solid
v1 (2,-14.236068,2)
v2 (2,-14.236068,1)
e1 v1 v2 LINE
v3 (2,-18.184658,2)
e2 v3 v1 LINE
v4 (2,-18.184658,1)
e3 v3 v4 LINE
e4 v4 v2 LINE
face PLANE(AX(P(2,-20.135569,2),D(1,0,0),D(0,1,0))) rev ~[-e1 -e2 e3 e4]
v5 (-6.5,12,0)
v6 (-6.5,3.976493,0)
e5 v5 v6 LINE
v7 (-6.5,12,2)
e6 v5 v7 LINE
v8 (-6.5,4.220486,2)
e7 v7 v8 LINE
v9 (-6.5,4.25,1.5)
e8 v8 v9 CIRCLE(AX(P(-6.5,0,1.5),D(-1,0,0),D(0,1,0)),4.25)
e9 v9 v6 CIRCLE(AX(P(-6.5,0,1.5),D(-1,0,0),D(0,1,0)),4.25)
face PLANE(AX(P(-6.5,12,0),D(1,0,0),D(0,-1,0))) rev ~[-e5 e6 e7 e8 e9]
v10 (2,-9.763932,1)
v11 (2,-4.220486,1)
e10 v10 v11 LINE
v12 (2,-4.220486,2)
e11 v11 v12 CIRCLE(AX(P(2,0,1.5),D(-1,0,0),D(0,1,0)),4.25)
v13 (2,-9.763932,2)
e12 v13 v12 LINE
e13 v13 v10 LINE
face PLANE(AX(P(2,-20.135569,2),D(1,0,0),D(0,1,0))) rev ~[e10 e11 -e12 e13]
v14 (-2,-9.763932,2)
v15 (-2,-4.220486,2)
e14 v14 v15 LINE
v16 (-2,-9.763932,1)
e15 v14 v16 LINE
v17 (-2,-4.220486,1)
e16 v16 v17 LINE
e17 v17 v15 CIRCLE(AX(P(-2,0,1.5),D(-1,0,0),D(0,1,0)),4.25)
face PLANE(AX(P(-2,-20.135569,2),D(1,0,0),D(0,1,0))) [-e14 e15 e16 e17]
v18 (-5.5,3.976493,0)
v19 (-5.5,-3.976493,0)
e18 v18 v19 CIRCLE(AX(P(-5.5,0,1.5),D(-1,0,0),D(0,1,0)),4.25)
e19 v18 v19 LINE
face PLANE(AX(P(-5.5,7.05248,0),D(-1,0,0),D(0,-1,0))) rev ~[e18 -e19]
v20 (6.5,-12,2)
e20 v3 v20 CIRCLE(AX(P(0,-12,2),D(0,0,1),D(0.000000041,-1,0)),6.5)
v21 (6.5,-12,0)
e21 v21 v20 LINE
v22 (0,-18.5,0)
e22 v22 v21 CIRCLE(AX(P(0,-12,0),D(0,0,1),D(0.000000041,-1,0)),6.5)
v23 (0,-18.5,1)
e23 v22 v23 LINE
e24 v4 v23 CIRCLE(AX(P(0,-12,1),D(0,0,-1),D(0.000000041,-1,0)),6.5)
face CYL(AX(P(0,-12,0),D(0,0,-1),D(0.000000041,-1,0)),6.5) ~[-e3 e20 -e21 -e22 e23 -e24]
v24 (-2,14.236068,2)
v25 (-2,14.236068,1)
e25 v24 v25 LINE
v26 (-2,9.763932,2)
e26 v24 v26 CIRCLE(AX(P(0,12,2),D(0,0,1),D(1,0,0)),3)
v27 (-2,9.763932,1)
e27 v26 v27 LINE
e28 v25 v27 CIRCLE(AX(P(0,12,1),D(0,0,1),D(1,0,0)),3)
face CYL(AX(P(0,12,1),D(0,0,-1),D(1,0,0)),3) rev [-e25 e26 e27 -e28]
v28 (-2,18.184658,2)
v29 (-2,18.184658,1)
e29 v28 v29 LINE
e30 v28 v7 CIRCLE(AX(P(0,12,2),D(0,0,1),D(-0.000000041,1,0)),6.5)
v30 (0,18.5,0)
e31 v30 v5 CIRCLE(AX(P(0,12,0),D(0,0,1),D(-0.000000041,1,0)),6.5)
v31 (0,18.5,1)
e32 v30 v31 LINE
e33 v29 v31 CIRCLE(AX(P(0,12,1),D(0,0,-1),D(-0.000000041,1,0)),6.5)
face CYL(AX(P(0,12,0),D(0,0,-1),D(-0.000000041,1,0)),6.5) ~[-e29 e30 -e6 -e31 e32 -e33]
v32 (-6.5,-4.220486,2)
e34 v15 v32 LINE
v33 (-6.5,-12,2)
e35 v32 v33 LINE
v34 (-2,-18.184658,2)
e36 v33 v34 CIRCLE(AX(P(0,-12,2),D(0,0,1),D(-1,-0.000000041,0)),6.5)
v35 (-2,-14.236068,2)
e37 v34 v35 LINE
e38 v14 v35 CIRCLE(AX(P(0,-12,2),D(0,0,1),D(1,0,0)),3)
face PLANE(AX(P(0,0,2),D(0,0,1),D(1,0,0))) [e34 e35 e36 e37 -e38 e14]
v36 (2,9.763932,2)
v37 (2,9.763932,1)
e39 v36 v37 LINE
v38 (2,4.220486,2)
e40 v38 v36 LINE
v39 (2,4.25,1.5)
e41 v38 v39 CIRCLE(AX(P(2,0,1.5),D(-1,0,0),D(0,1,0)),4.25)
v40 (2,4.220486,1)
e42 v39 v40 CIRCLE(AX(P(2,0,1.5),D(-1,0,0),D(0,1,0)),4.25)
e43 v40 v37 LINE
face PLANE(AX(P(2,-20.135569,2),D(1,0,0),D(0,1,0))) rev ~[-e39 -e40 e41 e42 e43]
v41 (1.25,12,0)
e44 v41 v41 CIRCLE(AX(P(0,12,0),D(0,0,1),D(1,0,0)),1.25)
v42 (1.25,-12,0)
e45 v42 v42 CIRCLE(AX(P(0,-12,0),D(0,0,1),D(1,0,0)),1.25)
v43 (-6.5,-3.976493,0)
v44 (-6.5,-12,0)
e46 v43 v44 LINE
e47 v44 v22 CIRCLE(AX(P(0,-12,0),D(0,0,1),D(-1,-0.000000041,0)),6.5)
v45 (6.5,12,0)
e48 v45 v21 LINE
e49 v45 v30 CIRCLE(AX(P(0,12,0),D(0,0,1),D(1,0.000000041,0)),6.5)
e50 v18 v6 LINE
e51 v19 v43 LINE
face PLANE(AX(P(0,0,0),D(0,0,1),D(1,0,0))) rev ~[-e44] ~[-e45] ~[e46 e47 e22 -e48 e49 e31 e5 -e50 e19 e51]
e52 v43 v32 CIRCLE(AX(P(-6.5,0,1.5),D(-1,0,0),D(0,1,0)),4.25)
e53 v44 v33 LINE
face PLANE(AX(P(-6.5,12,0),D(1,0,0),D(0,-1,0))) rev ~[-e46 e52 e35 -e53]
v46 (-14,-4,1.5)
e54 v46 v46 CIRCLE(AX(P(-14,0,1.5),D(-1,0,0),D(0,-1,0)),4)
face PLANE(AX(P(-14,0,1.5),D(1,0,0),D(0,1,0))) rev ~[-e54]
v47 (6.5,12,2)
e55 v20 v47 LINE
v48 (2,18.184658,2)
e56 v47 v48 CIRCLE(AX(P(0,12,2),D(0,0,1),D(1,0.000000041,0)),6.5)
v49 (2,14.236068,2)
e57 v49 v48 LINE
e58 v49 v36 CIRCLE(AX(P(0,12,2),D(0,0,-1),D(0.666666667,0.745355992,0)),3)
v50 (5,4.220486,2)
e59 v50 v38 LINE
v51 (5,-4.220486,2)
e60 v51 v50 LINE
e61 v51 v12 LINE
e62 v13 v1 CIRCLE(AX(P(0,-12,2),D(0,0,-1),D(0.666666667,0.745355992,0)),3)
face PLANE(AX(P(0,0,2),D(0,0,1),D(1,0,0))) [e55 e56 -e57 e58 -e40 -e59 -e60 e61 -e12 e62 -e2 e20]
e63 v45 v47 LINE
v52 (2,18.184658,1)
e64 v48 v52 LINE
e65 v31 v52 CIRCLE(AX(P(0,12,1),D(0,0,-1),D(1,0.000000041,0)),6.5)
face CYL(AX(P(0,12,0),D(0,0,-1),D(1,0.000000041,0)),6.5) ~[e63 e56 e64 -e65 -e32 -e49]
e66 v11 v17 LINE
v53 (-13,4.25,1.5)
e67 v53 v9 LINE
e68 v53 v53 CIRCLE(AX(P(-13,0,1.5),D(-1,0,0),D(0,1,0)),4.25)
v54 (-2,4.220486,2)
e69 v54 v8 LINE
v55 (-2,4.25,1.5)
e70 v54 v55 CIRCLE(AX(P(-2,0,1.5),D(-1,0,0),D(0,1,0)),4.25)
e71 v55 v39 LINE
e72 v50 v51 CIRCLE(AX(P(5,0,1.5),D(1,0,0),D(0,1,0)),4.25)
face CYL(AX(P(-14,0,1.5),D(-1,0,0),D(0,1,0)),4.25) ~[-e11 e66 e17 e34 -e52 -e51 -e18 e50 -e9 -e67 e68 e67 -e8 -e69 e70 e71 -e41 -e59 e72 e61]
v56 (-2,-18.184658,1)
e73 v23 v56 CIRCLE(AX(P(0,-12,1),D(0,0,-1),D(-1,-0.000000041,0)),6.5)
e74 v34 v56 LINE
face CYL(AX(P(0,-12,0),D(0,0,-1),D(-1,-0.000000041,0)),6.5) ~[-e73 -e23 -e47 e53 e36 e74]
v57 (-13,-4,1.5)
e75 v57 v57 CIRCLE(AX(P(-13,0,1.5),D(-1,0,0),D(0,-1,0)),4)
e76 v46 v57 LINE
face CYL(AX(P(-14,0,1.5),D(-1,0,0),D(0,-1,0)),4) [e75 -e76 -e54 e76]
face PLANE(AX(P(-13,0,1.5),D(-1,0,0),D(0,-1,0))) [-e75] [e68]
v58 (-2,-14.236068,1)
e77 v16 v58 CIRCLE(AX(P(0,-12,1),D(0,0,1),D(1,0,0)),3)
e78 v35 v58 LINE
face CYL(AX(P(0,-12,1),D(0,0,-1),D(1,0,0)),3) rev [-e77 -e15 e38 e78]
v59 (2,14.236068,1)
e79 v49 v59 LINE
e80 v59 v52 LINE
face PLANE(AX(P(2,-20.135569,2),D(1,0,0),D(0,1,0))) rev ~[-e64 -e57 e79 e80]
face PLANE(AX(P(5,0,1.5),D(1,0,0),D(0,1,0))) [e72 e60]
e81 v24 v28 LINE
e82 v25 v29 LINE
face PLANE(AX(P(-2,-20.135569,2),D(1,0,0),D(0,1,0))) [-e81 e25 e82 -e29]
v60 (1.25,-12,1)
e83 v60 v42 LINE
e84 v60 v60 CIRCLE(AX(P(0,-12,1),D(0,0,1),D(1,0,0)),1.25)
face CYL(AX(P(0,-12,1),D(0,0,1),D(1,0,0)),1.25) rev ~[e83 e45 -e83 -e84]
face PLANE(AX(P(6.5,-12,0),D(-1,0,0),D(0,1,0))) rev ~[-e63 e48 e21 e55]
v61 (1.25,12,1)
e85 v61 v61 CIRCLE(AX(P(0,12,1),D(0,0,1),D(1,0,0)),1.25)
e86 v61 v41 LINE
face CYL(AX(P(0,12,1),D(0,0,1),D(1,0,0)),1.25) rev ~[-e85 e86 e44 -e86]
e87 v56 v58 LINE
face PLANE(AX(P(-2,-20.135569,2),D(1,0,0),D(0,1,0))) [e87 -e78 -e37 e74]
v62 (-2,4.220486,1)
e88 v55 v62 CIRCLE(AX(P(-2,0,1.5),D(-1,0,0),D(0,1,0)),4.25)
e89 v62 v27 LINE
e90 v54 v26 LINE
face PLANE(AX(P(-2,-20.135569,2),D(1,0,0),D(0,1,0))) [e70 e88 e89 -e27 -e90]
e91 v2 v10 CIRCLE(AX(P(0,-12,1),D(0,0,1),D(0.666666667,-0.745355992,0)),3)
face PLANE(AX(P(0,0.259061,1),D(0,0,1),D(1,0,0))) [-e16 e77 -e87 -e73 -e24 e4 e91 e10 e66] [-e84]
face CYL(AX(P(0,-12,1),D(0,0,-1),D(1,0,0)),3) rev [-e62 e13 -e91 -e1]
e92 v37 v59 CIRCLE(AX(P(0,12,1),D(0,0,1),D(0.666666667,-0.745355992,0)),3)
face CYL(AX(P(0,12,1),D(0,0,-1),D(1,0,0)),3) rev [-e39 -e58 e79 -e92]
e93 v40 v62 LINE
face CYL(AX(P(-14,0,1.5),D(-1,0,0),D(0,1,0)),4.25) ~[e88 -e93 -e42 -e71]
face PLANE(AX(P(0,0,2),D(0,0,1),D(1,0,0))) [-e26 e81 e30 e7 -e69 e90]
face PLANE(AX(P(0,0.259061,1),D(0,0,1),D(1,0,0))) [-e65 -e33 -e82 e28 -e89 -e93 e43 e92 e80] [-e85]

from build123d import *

# Parameters (mm, degrees)
F1_DEPTH  = 2
F2_W      = 4
F2_H      = 40.789261
F3_DEPTH  = 1
F5_R      = 4.25
F6_DEPTH  = 19
F7_R      = 4.394544
F7_R_2    = 4.25
F7_R_3    = 4
F8_DEPTH  = 1
F9_W      = 12
F9_H      = 12.99651
F10_DEPTH = 25
F11_R     = 3
F12_DEPTH = 1
F13_R     = 1.25
F14_DEPTH = 3.751
F15_R     = 1.25
F16_DEPTH = 3.751


with BuildPart() as f1:
    # F0 (on Top) → F1 (new body)
    with BuildSketch(Plane.XY):
        with BuildLine():
            ThreePointArc((0, 18.5), (-4.596194, 16.596194), (-6.5, 12))
            Line((-6.5, 12), (-6.5, -12))
            ThreePointArc((-6.5, -12), (-4.596194, -16.596194), (0, -18.5))
            ThreePointArc((0, -18.5), (4.596194, -16.596194), (6.5, -12))
            Line((6.5, -12), (6.5, 12))
            ThreePointArc((6.5, 12), (4.596194, 16.596194), (0, 18.5))
        make_face()
    extrude(amount=F1_DEPTH)

    # F2 (on face) → F3 (cut)
    with BuildSketch(Plane.XY.offset(2)):
        with Locations((0, 0.259061)):
            Rectangle(F2_W, F2_H)
    extrude(amount=-F3_DEPTH, mode=Mode.SUBTRACT)

    # F5 (on offset) → F6 (join)
    with BuildSketch(Plane.YZ.offset(-14)):
        with Locations((0, 1.5)):
            Circle(F5_R)
    extrude(amount=F6_DEPTH)

    # F7 (on face) → F8 (cut)
    with BuildSketch(Plane(origin=(-14, 0, 0), x_dir=(0, -1, 0), z_dir=(-1, 0, 0))):
        with Locations((0, 1.5)):
            Circle(F7_R)
        with Locations((0, 1.5)):
            Circle(F7_R_2, mode=Mode.SUBTRACT)
        with Locations((0, 1.5)):
            Circle(F7_R_2)
        with Locations((0, 1.5)):
            Circle(F7_R_3, mode=Mode.SUBTRACT)
    extrude(amount=-F8_DEPTH, mode=Mode.SUBTRACT)

    # F9 (on face) → F10 (cut)
    with BuildSketch(Plane(origin=(0, 0, 0), x_dir=(1, 0, 0), z_dir=(0, 0, -1))):
        with Locations((0.5, -0.554225)):
            Rectangle(F9_W, F9_H)
    extrude(amount=F10_DEPTH, mode=Mode.SUBTRACT)

    # F11 (on face) → F12 (cut, through all)
    with BuildSketch(Plane.XY.offset(1)):
        with Locations((0, -12)):
            Circle(F11_R)
        with Locations((0, 12)):
            Circle(F11_R)
    extrude(amount=F12_DEPTH, mode=Mode.SUBTRACT)

    # F13 (on face) → F14 (cut, through all)
    with BuildSketch(Plane.XY.offset(1)):
        with Locations((0, -12)):
            Circle(F13_R)
    extrude(amount=-F14_DEPTH, mode=Mode.SUBTRACT)

    # F15 (on face) → F16 (cut, through all)
    with BuildSketch(Plane.XY.offset(1)):
        with Locations((0, 12)):
            Circle(F15_R)
    extrude(amount=-F16_DEPTH, mode=Mode.SUBTRACT)


solid = f1.part
